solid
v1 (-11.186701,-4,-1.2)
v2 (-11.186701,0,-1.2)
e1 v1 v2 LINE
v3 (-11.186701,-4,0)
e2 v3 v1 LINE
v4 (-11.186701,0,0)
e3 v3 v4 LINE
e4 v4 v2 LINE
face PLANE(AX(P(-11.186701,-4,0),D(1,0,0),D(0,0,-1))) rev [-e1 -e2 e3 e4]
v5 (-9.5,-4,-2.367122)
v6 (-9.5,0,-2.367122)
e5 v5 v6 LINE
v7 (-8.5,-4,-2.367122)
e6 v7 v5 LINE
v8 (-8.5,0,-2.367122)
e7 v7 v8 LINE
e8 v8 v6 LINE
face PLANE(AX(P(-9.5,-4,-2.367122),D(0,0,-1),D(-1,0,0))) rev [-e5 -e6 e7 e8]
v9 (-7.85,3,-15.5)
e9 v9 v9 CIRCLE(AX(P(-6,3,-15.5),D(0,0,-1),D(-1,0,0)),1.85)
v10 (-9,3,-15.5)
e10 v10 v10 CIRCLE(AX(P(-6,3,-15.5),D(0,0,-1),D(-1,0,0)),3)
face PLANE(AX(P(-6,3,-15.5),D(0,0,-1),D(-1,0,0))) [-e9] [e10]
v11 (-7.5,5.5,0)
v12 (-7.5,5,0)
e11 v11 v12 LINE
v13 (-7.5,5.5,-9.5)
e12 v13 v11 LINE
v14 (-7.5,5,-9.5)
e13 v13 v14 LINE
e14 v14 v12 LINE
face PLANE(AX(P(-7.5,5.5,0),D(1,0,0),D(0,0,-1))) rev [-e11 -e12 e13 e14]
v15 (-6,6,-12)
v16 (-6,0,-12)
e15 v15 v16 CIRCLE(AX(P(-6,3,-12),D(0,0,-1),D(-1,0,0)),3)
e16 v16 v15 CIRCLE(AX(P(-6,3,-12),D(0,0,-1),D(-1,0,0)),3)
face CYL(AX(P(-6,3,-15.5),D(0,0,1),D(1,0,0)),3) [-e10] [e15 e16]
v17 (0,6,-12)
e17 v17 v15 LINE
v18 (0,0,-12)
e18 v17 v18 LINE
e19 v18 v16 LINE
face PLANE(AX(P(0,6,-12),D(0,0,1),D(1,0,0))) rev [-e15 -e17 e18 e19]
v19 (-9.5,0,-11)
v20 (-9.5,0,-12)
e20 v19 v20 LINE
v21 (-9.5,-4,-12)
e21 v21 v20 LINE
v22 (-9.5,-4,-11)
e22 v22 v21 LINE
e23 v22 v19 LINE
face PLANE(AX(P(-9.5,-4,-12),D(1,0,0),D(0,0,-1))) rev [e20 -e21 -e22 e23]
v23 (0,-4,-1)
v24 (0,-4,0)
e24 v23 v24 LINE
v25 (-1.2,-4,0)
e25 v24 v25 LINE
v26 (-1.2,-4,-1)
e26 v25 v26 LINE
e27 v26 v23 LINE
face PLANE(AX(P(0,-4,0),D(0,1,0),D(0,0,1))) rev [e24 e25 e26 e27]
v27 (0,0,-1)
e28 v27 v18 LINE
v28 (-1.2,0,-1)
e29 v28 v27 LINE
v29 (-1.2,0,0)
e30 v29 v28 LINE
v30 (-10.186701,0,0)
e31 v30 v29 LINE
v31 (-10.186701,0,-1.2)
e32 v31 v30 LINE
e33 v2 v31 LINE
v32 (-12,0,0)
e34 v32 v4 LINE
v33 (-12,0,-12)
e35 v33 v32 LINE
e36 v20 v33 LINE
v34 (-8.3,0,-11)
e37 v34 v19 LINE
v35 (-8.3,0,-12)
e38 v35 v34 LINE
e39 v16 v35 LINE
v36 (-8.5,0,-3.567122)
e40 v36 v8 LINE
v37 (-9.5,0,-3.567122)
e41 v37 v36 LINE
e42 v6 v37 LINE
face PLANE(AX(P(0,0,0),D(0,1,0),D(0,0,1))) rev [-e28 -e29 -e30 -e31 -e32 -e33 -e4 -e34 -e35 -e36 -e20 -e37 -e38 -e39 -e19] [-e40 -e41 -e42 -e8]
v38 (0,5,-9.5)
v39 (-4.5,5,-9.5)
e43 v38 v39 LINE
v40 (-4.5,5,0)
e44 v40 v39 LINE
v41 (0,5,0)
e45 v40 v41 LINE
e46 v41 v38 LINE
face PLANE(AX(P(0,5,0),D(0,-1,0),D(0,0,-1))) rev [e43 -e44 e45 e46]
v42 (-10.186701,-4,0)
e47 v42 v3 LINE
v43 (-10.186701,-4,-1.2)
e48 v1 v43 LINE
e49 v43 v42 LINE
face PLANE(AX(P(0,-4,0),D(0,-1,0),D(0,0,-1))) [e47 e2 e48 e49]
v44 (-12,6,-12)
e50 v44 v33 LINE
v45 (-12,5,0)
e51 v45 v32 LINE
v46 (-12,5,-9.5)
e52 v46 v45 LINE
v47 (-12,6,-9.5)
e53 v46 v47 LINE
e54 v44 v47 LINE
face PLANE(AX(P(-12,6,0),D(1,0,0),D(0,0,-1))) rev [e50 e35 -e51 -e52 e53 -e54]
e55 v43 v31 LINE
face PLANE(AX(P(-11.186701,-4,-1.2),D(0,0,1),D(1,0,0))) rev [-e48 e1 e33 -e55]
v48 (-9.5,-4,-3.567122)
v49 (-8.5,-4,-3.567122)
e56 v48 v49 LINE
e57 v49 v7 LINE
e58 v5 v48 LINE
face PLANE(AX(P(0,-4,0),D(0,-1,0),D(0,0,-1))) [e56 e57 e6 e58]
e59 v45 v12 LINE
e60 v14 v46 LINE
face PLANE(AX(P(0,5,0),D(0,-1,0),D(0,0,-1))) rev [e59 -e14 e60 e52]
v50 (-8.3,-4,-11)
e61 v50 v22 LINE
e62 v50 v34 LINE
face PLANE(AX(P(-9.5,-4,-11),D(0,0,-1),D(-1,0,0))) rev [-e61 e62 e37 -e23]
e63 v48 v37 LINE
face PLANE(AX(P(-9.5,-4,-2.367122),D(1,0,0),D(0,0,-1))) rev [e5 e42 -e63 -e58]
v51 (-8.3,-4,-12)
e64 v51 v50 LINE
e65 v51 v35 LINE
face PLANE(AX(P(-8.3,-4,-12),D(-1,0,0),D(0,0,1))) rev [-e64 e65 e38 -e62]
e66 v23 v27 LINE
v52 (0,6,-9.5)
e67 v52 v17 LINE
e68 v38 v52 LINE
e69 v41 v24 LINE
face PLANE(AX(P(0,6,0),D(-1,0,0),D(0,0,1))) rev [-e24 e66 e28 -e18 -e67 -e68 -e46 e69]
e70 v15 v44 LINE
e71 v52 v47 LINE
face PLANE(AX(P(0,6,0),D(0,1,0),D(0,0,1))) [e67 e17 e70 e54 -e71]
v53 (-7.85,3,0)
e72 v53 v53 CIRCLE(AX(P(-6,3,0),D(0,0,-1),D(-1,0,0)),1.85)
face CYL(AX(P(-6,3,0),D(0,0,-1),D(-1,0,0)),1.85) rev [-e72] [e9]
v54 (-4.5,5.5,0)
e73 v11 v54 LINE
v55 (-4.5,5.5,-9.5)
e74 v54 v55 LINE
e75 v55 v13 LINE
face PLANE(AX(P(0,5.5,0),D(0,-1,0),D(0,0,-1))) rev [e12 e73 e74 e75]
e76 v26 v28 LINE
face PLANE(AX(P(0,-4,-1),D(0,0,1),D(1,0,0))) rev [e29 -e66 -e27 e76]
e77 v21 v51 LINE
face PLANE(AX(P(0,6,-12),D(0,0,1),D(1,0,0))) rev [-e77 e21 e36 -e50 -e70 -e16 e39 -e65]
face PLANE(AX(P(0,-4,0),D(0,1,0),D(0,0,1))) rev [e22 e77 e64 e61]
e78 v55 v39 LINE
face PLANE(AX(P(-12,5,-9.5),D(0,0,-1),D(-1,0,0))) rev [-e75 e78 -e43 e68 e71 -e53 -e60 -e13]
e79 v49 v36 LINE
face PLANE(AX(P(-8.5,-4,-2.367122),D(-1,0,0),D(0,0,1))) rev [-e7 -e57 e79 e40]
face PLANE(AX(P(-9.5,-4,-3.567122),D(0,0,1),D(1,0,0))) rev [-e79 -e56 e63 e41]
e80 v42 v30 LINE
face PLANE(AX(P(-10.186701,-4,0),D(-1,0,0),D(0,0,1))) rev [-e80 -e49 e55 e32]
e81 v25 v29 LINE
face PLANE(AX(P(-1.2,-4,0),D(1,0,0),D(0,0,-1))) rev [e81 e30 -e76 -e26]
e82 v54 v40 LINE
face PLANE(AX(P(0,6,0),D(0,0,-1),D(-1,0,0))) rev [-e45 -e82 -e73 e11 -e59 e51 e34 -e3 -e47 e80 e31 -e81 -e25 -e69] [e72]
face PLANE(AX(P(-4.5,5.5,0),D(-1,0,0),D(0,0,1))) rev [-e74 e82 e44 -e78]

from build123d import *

# Parameters (mm, degrees)
SKETCH1_W           = 12
SKETCH1_H           = 12
BOSS_EXTRUDE1_DEPTH = 6
SKETCH3_W           = 12
SKETCH3_H           = 9.5
CUT_EXTRUDE1_DEPTH  = 1
SKETCH4_W           = 3
SKETCH4_H           = 9.5
BOSS_EXTRUDE2_DEPTH = 0.5
SKETCH6_R           = 3
BOSS_EXTRUDE3_DEPTH = 3.5
SKETCH7_R           = 1.85
CUT_EXTRUDE2_DEPTH  = 21.5
SKETCH8_W           = 1.2
SKETCH8_H           = 1
SKETCH8_W_2         = 1
SKETCH8_H_2         = 1.2
BOSS_EXTRUDE4_DEPTH = 4


with BuildPart() as part:
    # Sketch1 → Boss-Extrude1 (new body)
    with BuildSketch(Plane(origin=(0, 0, 0), x_dir=(1, 0, 0), z_dir=(0, 1, 0))):
        with Locations((-6, 6)):
            Rectangle(SKETCH1_W, SKETCH1_H)
    extrude(amount=BOSS_EXTRUDE1_DEPTH)

    # Sketch3 → Cut-Extrude1 (cut)
    with BuildSketch(Plane(origin=(0, 6, 0), x_dir=(1, 0, 0), z_dir=(0, 1, 0))):
        with Locations((-6, 4.75)):
            Rectangle(SKETCH3_W, SKETCH3_H)
    extrude(amount=-CUT_EXTRUDE1_DEPTH, mode=Mode.SUBTRACT)

    # Sketch4 → Boss-Extrude2 (add)
    with BuildSketch(Plane(origin=(0, 5, 0), x_dir=(1, 0, 0), z_dir=(0, 1, 0))):
        with Locations((-6, 4.75)):
            Rectangle(SKETCH4_W, SKETCH4_H)
    extrude(amount=BOSS_EXTRUDE2_DEPTH)

    # Sketch6 → Boss-Extrude3 (add)
    with BuildSketch(Plane(origin=(0, 0, -12), x_dir=(-1, 0, 0), z_dir=(0, 0, -1))):
        with Locations(Location((6, 3, 0), (0, 0, 270))):
            Circle(SKETCH6_R)
    extrude(amount=BOSS_EXTRUDE3_DEPTH)

    # Sketch7 → Cut-Extrude2 (cut, through all)
    with BuildSketch(Plane(origin=(0, 0, -15.5), x_dir=(-1, 0, 0), z_dir=(0, 0, -1))):
        with Locations((6, 3)):
            Circle(SKETCH7_R)
    extrude(amount=-CUT_EXTRUDE2_DEPTH, mode=Mode.SUBTRACT)

    # Sketch8 → Boss-Extrude4 (add)
    with BuildSketch(Plane.XZ):
        with Locations((-8.9, -11.5)):
            Rectangle(SKETCH8_W, SKETCH8_H)
        with Locations((-10.686701077, -0.6)):
            Rectangle(SKETCH8_W_2, SKETCH8_H_2)
        with Locations((-0.6, -0.5)):
            Rectangle(SKETCH8_W, SKETCH8_H)
        with Locations((-9, -2.967121794)):
            Rectangle(SKETCH8_W_2, SKETCH8_H_2)
    extrude(amount=BOSS_EXTRUDE4_DEPTH)


solid = part.part
